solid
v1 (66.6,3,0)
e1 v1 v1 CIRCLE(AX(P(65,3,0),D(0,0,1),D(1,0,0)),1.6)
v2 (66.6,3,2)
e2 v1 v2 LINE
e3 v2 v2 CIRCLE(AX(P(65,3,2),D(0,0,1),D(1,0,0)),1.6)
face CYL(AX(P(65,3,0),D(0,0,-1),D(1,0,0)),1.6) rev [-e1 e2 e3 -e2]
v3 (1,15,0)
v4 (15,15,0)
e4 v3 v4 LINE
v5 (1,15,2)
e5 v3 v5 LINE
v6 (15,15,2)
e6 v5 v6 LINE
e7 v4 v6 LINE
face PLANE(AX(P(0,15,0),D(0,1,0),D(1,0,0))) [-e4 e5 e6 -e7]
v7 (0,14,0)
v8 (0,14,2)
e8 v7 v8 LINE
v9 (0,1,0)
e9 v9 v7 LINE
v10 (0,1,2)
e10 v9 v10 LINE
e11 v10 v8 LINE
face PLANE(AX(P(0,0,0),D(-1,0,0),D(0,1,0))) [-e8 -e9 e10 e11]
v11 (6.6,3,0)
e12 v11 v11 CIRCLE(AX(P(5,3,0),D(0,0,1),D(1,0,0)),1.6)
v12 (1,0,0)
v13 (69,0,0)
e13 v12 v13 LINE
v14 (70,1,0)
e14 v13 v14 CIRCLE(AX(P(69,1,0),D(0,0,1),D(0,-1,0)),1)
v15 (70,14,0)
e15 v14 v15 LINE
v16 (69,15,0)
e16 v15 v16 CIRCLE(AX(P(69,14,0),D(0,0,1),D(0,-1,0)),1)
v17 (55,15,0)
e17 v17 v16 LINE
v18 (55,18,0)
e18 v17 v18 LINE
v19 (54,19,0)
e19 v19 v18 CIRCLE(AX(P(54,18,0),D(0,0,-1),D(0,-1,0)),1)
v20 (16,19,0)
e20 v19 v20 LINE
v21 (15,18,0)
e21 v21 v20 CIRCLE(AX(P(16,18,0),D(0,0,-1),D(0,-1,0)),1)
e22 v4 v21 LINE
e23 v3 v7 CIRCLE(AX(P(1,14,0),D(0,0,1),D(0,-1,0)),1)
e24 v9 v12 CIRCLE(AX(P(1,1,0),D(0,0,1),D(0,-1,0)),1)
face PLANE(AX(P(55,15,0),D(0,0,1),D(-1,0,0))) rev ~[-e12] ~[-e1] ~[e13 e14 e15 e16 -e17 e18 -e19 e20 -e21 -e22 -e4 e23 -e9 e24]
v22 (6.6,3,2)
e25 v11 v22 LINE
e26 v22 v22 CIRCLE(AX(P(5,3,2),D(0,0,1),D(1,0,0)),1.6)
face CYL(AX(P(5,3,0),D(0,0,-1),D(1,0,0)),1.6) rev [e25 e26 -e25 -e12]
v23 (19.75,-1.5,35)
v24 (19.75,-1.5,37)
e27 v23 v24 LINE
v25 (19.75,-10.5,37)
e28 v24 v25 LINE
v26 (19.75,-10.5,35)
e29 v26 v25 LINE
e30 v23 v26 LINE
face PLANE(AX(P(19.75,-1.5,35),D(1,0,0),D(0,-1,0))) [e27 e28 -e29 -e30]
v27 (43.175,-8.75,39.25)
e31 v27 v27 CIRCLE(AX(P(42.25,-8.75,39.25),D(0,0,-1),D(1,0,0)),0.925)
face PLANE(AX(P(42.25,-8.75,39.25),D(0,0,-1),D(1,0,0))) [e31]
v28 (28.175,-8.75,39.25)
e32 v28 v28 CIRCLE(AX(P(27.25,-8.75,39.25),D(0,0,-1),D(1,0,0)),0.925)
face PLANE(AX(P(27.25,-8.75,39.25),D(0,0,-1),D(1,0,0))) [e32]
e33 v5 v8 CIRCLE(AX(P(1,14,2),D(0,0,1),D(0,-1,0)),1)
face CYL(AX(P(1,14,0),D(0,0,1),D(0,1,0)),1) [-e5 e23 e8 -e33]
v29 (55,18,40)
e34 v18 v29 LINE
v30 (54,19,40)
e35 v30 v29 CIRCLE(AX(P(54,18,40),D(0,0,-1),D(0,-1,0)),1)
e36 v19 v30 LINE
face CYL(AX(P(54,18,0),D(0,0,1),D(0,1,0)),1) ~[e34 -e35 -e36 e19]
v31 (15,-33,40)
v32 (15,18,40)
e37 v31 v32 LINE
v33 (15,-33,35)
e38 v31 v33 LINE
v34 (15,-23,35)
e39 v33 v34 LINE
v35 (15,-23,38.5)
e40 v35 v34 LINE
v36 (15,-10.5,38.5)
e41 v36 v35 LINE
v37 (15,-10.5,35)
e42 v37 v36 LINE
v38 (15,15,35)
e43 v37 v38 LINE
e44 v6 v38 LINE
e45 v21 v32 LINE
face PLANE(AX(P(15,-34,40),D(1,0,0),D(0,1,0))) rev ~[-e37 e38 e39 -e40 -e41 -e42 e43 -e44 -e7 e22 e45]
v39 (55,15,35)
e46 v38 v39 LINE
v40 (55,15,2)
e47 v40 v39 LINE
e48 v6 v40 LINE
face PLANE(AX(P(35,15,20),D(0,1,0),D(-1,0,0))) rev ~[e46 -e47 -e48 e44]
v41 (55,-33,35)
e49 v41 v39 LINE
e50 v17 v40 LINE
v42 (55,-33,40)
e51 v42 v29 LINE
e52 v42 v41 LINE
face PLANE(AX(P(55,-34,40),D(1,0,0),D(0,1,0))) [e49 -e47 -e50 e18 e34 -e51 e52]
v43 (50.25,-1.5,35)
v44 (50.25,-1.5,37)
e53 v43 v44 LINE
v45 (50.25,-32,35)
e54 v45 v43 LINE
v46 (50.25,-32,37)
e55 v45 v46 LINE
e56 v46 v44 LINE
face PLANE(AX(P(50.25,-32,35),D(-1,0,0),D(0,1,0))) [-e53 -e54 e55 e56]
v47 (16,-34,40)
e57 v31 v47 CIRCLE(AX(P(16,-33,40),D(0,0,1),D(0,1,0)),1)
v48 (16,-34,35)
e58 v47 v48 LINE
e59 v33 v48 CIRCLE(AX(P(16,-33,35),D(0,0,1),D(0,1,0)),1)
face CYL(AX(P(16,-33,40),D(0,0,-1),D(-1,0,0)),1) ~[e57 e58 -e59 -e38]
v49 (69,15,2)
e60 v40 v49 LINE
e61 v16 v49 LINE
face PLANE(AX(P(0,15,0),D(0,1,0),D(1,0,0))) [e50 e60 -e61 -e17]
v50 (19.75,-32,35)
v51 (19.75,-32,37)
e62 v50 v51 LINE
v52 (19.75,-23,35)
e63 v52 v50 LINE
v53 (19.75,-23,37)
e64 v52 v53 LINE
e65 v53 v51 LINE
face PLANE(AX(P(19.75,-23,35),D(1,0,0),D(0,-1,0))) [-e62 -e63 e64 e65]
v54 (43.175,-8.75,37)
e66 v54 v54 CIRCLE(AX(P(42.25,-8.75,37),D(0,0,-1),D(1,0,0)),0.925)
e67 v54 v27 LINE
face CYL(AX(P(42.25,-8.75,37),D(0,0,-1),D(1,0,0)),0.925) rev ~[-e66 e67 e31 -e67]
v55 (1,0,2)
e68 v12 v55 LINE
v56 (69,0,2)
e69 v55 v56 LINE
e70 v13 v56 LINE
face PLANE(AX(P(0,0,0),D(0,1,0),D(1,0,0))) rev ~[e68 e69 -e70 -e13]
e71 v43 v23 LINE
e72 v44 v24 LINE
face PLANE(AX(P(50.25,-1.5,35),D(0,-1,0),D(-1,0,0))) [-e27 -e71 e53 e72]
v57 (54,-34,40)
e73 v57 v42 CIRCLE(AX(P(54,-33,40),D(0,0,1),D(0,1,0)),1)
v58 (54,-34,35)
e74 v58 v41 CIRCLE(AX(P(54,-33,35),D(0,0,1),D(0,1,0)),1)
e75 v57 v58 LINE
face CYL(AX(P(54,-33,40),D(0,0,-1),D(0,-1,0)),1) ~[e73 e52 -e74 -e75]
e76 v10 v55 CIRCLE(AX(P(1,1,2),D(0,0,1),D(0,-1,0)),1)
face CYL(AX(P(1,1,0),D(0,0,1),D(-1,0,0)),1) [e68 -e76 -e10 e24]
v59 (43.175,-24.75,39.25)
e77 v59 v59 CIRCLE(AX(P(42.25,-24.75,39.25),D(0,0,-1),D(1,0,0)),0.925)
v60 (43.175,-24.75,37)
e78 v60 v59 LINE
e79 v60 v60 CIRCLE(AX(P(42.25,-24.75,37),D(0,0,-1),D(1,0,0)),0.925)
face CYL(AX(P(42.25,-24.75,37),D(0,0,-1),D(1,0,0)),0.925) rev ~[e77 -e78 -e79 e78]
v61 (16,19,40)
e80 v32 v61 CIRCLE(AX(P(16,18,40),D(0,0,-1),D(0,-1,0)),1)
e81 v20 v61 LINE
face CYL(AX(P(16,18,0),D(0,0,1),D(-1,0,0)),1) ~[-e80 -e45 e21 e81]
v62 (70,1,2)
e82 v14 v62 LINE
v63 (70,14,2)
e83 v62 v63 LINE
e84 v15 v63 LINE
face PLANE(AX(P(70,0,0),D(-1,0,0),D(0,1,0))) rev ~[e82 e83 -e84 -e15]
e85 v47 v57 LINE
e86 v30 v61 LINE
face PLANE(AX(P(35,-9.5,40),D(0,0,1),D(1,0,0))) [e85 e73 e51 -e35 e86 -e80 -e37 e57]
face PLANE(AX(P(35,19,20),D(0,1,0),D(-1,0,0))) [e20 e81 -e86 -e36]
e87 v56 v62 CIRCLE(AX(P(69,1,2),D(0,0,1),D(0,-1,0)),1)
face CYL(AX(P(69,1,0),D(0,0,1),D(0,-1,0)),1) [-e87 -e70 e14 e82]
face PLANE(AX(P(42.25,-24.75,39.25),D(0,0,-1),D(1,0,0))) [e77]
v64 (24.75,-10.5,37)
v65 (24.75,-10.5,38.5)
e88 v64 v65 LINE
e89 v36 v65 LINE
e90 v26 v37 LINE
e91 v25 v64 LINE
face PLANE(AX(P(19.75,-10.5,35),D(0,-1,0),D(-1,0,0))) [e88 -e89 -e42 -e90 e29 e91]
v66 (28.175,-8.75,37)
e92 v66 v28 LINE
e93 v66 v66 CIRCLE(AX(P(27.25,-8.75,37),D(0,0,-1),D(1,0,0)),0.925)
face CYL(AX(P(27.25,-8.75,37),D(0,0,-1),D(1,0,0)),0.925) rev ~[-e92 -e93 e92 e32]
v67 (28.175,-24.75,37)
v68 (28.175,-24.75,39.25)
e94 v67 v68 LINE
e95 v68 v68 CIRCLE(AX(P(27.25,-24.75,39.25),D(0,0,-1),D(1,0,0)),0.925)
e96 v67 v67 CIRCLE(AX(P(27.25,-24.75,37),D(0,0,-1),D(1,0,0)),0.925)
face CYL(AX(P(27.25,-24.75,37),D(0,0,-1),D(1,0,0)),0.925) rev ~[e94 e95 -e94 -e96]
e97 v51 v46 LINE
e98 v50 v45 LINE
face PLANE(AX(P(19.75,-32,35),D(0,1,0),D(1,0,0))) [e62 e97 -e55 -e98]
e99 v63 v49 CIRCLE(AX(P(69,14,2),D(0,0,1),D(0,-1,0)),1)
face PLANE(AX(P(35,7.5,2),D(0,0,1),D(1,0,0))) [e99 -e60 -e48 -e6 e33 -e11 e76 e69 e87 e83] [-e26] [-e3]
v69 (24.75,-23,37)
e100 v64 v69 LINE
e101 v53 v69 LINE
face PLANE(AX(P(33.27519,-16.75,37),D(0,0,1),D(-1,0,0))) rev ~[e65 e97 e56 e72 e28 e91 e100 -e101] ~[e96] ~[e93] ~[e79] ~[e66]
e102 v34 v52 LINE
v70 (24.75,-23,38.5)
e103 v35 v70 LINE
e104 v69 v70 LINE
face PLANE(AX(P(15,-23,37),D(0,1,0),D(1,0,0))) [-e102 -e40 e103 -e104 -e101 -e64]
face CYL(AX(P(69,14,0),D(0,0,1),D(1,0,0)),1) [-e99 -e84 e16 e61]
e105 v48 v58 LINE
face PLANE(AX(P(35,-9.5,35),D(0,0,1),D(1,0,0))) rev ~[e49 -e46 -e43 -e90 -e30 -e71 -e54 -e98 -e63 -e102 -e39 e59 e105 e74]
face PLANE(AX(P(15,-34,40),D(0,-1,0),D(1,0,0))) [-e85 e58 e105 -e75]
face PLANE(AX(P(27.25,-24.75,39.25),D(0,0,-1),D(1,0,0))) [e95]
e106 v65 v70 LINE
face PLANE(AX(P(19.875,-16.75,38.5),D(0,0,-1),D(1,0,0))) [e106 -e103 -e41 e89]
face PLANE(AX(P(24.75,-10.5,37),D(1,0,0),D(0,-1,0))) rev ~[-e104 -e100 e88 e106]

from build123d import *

# Parameters (mm, degrees)
SKETCH_W        = 70
SKETCH_H        = 15
SKETCH_R        = 1.6
PAD_DEPTH       = 2
SKETCH001_W     = 40
SKETCH001_H     = 40
PAD001_DEPTH    = 4
SKETCH002_W     = 40
SKETCH002_H     = 49
PAD002_DEPTH    = 5
POCKET_DEPTH    = 2
SKETCH004_W     = 9.75
SKETCH004_H     = 12.5
POCKET001_DEPTH = 1.5
SKETCH005_R     = 0.925
POCKET002_DEPTH = 2.25
FILLET_R        = 1


with BuildPart() as part:
    # Sketch → Pad (new body)
    with BuildSketch(Plane.XY):
        with Locations((35, 7.5)):
            Rectangle(SKETCH_W, SKETCH_H)
        with Locations((5, 3)):
            Circle(SKETCH_R, mode=Mode.SUBTRACT)
        with Locations((65, 3)):
            Circle(SKETCH_R, mode=Mode.SUBTRACT)
    extrude(amount=PAD_DEPTH)

    # Sketch001 (on Face3 of Pad) → Pad001 (join)
    with BuildSketch(Plane(origin=(0, 15, 0), x_dir=(-1, 0, 0), z_dir=(0, 1, 0))):
        with Locations((-35, 20)):
            Rectangle(SKETCH001_W, SKETCH001_H)
    extrude(amount=PAD001_DEPTH)

    # Sketch002 (on Face15 of Pad001) → Pad002 (join)
    with BuildSketch(Plane.XY.offset(40)):
        with Locations((35, -9.5)):
            Rectangle(SKETCH002_W, SKETCH002_H)
    extrude(amount=-PAD002_DEPTH)

    # Sketch003 (on Face15 of Pad002) → Pocket (cut)
    with BuildSketch(Plane(origin=(0, 0, 35), x_dir=(1, 0, 0), z_dir=(0, 0, -1))):
        Polygon((19.75, 32), (50.25, 32), (50.25, 1.5), (19.75, 1.5), (19.75, 10.5), (15, 10.5), (15, 23), (19.75, 23), align=None)
    extrude(amount=-POCKET_DEPTH, mode=Mode.SUBTRACT)

    # Sketch004 (on Face28 of Pocket) → Pocket001 (cut)
    with BuildSketch(Plane(origin=(0, 0, 37), x_dir=(1, 0, 0), z_dir=(0, 0, -1))):
        with Locations((19.875, 16.75)):
            Rectangle(SKETCH004_W, SKETCH004_H)
    extrude(amount=-POCKET001_DEPTH, mode=Mode.SUBTRACT)

    # Sketch005 (on Face31 of Pocket001) → Pocket002 (cut)
    with BuildSketch(Plane(origin=(0, 0, 37), x_dir=(1, 0, 0), z_dir=(0, 0, -1))):
        with Locations((27.25, 24.75)):
            Circle(SKETCH005_R)
        with Locations((42.25, 24.75)):
            Circle(SKETCH005_R)
        with Locations((27.25, 8.75)):
            Circle(SKETCH005_R)
        with Locations((42.25, 8.75)):
            Circle(SKETCH005_R)
    extrude(amount=-POCKET002_DEPTH, mode=Mode.SUBTRACT)

    # Fillet
    fillet_edges = [part.edges().sort_by_distance(p)[0] for p in [
        (70, 0, 1),
        (70, 15, 1),
        (0, 0, 1),
        (0, 15, 1),
        (15, -34, 37.5),
        (55, -34, 37.5),
        (15, 19, 20),
        (55, 19, 20),
    ]]
    fillet(fillet_edges, radius=FILLET_R)


solid = part.part
